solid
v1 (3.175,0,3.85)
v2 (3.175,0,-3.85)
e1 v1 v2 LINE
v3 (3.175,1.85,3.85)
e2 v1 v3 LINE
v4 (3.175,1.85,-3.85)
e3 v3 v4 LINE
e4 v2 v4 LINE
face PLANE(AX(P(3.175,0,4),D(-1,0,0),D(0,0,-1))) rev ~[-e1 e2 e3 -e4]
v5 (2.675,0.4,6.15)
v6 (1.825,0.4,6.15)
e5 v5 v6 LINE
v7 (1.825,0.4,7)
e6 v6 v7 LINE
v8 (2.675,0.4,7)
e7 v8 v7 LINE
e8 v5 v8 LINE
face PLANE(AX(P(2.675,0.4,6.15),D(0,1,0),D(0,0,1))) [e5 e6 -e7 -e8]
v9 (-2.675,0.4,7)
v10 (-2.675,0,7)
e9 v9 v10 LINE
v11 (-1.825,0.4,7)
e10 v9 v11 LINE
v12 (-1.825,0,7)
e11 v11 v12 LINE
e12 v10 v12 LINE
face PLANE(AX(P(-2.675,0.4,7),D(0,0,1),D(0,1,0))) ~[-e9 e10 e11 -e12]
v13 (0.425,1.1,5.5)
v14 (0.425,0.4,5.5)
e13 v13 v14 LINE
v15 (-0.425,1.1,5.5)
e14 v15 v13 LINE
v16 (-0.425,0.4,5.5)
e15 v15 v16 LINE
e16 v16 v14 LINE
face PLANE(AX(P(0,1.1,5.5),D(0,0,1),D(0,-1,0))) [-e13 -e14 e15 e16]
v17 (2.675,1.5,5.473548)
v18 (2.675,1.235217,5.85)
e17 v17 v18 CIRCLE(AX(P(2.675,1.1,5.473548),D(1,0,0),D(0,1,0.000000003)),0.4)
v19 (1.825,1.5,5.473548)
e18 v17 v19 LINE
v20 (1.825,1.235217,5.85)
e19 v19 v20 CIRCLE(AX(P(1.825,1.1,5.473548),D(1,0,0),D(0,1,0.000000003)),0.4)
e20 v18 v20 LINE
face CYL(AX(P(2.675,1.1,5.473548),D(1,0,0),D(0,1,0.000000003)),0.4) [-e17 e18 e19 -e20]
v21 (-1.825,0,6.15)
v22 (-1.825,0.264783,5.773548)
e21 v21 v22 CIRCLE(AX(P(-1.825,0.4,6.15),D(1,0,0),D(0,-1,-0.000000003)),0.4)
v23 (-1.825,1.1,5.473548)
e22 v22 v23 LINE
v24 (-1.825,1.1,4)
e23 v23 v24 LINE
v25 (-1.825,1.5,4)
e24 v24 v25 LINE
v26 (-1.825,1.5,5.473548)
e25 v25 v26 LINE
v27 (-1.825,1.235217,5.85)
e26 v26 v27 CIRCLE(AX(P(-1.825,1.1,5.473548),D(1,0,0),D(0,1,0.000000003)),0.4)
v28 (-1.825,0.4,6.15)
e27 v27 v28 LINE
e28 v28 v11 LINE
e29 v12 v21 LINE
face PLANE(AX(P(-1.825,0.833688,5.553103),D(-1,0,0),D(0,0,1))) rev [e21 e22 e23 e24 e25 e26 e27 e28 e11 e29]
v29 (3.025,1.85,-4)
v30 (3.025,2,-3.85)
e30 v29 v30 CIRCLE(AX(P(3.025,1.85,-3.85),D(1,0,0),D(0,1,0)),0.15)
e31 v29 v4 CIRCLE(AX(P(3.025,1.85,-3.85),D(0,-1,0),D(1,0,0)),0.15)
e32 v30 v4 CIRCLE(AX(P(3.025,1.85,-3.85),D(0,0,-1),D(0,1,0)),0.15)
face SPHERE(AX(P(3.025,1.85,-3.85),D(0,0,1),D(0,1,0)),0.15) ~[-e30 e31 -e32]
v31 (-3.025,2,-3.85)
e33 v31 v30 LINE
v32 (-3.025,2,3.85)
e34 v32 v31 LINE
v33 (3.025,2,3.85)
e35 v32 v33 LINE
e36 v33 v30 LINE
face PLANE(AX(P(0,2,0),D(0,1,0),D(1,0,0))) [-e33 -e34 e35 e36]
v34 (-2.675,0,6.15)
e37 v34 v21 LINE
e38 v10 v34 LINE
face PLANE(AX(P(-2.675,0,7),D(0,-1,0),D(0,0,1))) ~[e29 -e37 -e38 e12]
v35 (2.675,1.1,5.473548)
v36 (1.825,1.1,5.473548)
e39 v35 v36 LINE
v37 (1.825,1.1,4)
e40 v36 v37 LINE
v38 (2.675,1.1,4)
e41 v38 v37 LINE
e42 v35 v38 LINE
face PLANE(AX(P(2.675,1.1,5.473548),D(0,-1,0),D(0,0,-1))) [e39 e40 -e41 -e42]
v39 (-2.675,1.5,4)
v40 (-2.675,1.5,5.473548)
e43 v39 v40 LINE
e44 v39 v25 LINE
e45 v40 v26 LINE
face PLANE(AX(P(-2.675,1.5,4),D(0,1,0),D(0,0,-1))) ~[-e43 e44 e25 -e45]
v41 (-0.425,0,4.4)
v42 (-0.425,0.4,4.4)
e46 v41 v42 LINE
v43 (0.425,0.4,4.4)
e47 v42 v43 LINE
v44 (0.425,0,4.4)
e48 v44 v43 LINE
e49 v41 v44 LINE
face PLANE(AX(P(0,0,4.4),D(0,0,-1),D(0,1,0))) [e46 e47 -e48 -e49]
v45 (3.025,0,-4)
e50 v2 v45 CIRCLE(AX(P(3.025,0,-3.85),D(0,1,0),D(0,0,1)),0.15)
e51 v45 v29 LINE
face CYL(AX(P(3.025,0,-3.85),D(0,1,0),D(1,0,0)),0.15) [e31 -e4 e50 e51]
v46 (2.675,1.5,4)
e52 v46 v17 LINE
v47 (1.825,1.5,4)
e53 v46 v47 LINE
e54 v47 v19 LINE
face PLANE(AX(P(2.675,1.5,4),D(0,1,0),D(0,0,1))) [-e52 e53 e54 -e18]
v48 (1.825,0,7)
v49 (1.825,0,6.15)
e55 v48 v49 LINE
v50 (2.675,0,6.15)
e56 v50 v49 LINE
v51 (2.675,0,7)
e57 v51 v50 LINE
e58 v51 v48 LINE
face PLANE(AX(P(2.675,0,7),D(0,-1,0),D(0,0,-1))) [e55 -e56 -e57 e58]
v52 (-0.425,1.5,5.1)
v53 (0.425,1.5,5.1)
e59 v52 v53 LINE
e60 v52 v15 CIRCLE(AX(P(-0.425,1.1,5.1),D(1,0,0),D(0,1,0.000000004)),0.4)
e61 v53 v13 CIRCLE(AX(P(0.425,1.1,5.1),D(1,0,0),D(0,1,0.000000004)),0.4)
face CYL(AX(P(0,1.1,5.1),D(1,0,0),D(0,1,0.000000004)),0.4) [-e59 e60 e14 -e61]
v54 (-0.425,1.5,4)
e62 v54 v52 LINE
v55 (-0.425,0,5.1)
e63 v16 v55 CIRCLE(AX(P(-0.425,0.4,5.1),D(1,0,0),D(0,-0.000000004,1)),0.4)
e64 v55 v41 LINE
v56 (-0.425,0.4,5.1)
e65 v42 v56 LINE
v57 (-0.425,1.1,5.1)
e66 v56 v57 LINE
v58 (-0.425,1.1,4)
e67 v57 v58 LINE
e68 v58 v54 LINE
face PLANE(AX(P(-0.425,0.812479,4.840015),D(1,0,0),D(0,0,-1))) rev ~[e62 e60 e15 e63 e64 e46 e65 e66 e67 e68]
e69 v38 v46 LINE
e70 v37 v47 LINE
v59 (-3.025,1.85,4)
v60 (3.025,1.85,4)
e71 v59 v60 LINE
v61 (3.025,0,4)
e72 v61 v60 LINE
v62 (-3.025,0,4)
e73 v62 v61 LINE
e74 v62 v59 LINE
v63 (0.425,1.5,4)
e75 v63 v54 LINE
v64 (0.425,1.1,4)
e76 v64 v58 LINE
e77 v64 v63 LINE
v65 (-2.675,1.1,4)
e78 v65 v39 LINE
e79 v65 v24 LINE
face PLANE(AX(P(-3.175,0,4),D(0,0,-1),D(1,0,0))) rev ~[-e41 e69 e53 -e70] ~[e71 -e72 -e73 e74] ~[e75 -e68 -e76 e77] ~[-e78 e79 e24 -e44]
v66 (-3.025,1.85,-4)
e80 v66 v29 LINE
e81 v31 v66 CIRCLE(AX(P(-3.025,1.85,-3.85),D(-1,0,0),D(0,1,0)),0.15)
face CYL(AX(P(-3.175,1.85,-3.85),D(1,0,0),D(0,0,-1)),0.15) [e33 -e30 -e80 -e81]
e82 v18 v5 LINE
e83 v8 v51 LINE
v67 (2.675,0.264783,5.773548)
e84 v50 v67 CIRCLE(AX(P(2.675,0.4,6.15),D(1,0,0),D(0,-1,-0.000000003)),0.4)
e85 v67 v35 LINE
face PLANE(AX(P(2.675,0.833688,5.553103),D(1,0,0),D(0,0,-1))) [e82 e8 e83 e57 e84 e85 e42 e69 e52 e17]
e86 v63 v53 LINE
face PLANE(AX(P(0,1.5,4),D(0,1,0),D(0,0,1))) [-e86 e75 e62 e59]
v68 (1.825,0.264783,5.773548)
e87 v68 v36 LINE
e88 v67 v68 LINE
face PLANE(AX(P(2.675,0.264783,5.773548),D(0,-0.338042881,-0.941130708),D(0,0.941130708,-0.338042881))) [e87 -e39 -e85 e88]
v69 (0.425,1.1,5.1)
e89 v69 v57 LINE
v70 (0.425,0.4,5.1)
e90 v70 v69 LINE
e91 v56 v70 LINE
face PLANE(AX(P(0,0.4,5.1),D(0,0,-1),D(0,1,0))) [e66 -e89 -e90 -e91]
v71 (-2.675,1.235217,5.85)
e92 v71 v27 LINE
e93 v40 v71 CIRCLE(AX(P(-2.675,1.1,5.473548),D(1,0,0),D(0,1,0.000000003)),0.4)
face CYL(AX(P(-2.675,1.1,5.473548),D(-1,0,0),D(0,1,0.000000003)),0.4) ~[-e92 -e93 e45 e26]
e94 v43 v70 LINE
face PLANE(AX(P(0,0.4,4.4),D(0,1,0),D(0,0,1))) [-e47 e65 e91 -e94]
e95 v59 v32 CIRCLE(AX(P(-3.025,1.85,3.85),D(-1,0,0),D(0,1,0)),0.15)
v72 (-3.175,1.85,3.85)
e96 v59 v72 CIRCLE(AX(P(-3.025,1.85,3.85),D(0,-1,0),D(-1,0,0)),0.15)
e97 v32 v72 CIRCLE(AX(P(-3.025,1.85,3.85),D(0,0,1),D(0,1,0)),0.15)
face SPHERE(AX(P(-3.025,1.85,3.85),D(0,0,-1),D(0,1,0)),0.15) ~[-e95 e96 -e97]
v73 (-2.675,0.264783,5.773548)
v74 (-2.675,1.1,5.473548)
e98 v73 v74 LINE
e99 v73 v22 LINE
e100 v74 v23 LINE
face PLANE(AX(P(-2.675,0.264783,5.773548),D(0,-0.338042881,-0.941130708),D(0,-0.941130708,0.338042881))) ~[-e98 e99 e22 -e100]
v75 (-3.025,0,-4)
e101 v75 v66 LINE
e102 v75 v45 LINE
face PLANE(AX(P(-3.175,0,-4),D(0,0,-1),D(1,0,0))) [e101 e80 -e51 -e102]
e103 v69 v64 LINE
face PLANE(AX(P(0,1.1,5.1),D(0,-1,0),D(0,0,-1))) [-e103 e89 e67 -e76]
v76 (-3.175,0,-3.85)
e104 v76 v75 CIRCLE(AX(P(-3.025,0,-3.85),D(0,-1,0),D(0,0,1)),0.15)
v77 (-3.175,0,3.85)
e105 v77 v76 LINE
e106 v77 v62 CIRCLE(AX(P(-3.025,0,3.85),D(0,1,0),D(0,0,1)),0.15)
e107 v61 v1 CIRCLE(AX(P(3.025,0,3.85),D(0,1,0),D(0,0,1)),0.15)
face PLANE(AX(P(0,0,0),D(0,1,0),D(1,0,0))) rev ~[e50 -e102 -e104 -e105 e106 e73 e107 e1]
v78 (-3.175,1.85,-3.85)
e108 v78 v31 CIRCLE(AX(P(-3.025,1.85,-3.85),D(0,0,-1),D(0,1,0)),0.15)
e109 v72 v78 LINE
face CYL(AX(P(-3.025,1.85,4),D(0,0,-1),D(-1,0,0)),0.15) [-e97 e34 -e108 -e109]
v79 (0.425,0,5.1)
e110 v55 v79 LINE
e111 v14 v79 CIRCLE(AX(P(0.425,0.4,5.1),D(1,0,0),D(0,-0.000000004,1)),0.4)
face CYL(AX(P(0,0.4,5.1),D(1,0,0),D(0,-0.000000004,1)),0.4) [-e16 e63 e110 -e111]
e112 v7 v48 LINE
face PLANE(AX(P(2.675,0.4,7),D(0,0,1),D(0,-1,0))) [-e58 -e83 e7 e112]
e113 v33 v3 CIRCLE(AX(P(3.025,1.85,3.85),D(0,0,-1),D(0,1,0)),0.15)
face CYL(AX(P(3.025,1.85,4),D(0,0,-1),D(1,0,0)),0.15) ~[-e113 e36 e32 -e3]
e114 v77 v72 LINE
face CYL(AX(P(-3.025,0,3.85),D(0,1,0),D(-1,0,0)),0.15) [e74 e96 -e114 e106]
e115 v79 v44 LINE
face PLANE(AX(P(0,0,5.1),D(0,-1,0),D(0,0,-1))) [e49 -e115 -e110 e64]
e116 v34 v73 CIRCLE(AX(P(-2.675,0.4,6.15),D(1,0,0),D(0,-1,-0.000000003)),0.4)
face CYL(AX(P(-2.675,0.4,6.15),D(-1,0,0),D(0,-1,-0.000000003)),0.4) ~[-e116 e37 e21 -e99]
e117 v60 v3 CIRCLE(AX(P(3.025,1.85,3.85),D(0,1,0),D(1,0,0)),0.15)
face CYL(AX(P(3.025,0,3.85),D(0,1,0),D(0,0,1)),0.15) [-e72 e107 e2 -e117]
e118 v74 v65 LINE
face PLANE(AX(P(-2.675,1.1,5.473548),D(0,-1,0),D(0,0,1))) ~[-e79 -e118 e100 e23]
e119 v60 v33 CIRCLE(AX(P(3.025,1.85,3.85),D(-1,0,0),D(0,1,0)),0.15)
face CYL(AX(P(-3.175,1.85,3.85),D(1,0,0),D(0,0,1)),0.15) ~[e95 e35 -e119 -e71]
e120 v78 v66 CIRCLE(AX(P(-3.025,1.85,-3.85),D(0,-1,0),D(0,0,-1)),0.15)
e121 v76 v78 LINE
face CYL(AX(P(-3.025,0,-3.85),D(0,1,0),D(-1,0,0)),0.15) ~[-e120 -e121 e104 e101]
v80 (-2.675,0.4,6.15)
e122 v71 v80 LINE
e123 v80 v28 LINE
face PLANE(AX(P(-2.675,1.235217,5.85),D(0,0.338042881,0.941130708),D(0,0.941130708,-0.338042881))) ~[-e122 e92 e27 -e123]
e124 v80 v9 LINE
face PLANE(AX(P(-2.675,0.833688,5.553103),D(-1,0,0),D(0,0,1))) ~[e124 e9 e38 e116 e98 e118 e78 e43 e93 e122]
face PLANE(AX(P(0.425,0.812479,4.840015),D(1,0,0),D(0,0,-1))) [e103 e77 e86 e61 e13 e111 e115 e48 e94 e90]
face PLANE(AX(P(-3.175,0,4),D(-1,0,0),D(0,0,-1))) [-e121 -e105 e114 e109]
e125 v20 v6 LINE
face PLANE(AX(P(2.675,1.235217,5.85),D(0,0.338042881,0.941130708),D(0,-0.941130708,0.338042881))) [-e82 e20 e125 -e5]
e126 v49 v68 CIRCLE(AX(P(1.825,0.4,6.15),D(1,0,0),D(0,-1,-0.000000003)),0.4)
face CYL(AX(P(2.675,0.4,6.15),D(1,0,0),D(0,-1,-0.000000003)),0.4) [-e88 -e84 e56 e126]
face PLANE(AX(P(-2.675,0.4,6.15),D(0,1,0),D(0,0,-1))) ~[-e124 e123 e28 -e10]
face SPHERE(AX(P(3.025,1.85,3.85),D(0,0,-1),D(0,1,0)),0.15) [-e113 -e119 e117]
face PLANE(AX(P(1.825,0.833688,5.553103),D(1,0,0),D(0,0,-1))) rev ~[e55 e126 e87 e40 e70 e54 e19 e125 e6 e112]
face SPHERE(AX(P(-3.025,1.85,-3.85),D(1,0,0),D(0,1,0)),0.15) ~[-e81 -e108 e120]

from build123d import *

# Parameters (mm, degrees)
SKETCH1_W           = 6.35
SKETCH1_H           = 8
BOSS_EXTRUDE1_DEPTH = 2
FILLET1_R           = 0.15
BOSS_EXTRUDE2_DEPTH = 0.425
BOSS_EXTRUDE3_START = -0.5
BOSS_EXTRUDE3_DEPTH = 0.85


with BuildPart() as part:
    # Sketch1 → Boss-Extrude1 (new body)
    with BuildSketch(Plane(origin=(0, 0, 0), x_dir=(1, 0, 0), z_dir=(0, 1, 0))):
        Rectangle(SKETCH1_W, SKETCH1_H)
    extrude(amount=BOSS_EXTRUDE1_DEPTH)

    # Fillet1
    fillet1_edges = [part.edges().sort_by_distance(p)[0] for p in [
        (3.175, 2, 0),
        (0, 2, -4),
        (-3.175, 2, 0),
        (0, 2, 4),
        (-3.175, 1, -4),
        (3.175, 1, -4),
        (3.175, 1, 4),
        (-3.175, 1, 4),
    ]]
    fillet(fillet1_edges, radius=FILLET1_R)

    # Sketch2 → Boss-Extrude2 (add, symmetric)
    with BuildSketch(Plane(origin=(0, 0, 0), x_dir=(0, 0, -1), z_dir=(1, 0, 0))):
        with BuildLine():
            Line((-4, 1.5), (-5.1, 1.5))
            ThreePointArc((-5.1, 1.5), (-5.382842712, 1.382842712), (-5.5, 1.1))
            Line((-5.5, 1.1), (-5.5, 0.4))
            ThreePointArc((-5.5, 0.4), (-5.382842712, 0.117157288), (-5.1, 0))
            Line((-5.1, 0), (-4.4, 0))
            Line((-4.4, 0), (-4.4, 0.4))
            Line((-4.4, 0.4), (-5.1, 0.4))
            Line((-5.1, 0.4), (-5.1, 1.1))
            Line((-5.1, 1.1), (-4, 1.1))
            Line((-4, 1.1), (-4, 1.5))
        make_face()
    extrude(amount=BOSS_EXTRUDE2_DEPTH, both=True)

    # Sketch3 → Boss-Extrude3 (add)
    with BuildSketch(Plane(origin=(3.175, 0, 0), x_dir=(0, 0, -1), z_dir=(1, 0, 0)).offset(BOSS_EXTRUDE3_START)):
        with BuildLine():
            Line((-4, 1.5), (-5.473547717, 1.5))
            ThreePointArc((-5.473547717, 1.5), (-5.703670661, 1.427174923), (-5.85, 1.235217152))
            Line((-5.85, 1.235217152), (-6.15, 0.4))
            Line((-6.15, 0.4), (-7, 0.4))
            Line((-7, 0.4), (-7, 0))
            Line((-7, 0), (-6.15, 0))
            ThreePointArc((-6.15, 0), (-5.919877056, 0.072825077), (-5.773547717, 0.264782848))
            Line((-5.773547717, 0.264782848), (-5.473547717, 1.1))
            Line((-5.473547717, 1.1), (-4, 1.1))
            Line((-4, 1.1), (-4, 1.5))
        make_face()
    boss_extrude3 = extrude(amount=-BOSS_EXTRUDE3_DEPTH)

    # Mirror1: Boss-Extrude3 across plane
    add(boss_extrude3.mirror(Plane(origin=(0, 0, 0), x_dir=(0, 0, 1), z_dir=(1, 0, 0))))


solid = part.part
